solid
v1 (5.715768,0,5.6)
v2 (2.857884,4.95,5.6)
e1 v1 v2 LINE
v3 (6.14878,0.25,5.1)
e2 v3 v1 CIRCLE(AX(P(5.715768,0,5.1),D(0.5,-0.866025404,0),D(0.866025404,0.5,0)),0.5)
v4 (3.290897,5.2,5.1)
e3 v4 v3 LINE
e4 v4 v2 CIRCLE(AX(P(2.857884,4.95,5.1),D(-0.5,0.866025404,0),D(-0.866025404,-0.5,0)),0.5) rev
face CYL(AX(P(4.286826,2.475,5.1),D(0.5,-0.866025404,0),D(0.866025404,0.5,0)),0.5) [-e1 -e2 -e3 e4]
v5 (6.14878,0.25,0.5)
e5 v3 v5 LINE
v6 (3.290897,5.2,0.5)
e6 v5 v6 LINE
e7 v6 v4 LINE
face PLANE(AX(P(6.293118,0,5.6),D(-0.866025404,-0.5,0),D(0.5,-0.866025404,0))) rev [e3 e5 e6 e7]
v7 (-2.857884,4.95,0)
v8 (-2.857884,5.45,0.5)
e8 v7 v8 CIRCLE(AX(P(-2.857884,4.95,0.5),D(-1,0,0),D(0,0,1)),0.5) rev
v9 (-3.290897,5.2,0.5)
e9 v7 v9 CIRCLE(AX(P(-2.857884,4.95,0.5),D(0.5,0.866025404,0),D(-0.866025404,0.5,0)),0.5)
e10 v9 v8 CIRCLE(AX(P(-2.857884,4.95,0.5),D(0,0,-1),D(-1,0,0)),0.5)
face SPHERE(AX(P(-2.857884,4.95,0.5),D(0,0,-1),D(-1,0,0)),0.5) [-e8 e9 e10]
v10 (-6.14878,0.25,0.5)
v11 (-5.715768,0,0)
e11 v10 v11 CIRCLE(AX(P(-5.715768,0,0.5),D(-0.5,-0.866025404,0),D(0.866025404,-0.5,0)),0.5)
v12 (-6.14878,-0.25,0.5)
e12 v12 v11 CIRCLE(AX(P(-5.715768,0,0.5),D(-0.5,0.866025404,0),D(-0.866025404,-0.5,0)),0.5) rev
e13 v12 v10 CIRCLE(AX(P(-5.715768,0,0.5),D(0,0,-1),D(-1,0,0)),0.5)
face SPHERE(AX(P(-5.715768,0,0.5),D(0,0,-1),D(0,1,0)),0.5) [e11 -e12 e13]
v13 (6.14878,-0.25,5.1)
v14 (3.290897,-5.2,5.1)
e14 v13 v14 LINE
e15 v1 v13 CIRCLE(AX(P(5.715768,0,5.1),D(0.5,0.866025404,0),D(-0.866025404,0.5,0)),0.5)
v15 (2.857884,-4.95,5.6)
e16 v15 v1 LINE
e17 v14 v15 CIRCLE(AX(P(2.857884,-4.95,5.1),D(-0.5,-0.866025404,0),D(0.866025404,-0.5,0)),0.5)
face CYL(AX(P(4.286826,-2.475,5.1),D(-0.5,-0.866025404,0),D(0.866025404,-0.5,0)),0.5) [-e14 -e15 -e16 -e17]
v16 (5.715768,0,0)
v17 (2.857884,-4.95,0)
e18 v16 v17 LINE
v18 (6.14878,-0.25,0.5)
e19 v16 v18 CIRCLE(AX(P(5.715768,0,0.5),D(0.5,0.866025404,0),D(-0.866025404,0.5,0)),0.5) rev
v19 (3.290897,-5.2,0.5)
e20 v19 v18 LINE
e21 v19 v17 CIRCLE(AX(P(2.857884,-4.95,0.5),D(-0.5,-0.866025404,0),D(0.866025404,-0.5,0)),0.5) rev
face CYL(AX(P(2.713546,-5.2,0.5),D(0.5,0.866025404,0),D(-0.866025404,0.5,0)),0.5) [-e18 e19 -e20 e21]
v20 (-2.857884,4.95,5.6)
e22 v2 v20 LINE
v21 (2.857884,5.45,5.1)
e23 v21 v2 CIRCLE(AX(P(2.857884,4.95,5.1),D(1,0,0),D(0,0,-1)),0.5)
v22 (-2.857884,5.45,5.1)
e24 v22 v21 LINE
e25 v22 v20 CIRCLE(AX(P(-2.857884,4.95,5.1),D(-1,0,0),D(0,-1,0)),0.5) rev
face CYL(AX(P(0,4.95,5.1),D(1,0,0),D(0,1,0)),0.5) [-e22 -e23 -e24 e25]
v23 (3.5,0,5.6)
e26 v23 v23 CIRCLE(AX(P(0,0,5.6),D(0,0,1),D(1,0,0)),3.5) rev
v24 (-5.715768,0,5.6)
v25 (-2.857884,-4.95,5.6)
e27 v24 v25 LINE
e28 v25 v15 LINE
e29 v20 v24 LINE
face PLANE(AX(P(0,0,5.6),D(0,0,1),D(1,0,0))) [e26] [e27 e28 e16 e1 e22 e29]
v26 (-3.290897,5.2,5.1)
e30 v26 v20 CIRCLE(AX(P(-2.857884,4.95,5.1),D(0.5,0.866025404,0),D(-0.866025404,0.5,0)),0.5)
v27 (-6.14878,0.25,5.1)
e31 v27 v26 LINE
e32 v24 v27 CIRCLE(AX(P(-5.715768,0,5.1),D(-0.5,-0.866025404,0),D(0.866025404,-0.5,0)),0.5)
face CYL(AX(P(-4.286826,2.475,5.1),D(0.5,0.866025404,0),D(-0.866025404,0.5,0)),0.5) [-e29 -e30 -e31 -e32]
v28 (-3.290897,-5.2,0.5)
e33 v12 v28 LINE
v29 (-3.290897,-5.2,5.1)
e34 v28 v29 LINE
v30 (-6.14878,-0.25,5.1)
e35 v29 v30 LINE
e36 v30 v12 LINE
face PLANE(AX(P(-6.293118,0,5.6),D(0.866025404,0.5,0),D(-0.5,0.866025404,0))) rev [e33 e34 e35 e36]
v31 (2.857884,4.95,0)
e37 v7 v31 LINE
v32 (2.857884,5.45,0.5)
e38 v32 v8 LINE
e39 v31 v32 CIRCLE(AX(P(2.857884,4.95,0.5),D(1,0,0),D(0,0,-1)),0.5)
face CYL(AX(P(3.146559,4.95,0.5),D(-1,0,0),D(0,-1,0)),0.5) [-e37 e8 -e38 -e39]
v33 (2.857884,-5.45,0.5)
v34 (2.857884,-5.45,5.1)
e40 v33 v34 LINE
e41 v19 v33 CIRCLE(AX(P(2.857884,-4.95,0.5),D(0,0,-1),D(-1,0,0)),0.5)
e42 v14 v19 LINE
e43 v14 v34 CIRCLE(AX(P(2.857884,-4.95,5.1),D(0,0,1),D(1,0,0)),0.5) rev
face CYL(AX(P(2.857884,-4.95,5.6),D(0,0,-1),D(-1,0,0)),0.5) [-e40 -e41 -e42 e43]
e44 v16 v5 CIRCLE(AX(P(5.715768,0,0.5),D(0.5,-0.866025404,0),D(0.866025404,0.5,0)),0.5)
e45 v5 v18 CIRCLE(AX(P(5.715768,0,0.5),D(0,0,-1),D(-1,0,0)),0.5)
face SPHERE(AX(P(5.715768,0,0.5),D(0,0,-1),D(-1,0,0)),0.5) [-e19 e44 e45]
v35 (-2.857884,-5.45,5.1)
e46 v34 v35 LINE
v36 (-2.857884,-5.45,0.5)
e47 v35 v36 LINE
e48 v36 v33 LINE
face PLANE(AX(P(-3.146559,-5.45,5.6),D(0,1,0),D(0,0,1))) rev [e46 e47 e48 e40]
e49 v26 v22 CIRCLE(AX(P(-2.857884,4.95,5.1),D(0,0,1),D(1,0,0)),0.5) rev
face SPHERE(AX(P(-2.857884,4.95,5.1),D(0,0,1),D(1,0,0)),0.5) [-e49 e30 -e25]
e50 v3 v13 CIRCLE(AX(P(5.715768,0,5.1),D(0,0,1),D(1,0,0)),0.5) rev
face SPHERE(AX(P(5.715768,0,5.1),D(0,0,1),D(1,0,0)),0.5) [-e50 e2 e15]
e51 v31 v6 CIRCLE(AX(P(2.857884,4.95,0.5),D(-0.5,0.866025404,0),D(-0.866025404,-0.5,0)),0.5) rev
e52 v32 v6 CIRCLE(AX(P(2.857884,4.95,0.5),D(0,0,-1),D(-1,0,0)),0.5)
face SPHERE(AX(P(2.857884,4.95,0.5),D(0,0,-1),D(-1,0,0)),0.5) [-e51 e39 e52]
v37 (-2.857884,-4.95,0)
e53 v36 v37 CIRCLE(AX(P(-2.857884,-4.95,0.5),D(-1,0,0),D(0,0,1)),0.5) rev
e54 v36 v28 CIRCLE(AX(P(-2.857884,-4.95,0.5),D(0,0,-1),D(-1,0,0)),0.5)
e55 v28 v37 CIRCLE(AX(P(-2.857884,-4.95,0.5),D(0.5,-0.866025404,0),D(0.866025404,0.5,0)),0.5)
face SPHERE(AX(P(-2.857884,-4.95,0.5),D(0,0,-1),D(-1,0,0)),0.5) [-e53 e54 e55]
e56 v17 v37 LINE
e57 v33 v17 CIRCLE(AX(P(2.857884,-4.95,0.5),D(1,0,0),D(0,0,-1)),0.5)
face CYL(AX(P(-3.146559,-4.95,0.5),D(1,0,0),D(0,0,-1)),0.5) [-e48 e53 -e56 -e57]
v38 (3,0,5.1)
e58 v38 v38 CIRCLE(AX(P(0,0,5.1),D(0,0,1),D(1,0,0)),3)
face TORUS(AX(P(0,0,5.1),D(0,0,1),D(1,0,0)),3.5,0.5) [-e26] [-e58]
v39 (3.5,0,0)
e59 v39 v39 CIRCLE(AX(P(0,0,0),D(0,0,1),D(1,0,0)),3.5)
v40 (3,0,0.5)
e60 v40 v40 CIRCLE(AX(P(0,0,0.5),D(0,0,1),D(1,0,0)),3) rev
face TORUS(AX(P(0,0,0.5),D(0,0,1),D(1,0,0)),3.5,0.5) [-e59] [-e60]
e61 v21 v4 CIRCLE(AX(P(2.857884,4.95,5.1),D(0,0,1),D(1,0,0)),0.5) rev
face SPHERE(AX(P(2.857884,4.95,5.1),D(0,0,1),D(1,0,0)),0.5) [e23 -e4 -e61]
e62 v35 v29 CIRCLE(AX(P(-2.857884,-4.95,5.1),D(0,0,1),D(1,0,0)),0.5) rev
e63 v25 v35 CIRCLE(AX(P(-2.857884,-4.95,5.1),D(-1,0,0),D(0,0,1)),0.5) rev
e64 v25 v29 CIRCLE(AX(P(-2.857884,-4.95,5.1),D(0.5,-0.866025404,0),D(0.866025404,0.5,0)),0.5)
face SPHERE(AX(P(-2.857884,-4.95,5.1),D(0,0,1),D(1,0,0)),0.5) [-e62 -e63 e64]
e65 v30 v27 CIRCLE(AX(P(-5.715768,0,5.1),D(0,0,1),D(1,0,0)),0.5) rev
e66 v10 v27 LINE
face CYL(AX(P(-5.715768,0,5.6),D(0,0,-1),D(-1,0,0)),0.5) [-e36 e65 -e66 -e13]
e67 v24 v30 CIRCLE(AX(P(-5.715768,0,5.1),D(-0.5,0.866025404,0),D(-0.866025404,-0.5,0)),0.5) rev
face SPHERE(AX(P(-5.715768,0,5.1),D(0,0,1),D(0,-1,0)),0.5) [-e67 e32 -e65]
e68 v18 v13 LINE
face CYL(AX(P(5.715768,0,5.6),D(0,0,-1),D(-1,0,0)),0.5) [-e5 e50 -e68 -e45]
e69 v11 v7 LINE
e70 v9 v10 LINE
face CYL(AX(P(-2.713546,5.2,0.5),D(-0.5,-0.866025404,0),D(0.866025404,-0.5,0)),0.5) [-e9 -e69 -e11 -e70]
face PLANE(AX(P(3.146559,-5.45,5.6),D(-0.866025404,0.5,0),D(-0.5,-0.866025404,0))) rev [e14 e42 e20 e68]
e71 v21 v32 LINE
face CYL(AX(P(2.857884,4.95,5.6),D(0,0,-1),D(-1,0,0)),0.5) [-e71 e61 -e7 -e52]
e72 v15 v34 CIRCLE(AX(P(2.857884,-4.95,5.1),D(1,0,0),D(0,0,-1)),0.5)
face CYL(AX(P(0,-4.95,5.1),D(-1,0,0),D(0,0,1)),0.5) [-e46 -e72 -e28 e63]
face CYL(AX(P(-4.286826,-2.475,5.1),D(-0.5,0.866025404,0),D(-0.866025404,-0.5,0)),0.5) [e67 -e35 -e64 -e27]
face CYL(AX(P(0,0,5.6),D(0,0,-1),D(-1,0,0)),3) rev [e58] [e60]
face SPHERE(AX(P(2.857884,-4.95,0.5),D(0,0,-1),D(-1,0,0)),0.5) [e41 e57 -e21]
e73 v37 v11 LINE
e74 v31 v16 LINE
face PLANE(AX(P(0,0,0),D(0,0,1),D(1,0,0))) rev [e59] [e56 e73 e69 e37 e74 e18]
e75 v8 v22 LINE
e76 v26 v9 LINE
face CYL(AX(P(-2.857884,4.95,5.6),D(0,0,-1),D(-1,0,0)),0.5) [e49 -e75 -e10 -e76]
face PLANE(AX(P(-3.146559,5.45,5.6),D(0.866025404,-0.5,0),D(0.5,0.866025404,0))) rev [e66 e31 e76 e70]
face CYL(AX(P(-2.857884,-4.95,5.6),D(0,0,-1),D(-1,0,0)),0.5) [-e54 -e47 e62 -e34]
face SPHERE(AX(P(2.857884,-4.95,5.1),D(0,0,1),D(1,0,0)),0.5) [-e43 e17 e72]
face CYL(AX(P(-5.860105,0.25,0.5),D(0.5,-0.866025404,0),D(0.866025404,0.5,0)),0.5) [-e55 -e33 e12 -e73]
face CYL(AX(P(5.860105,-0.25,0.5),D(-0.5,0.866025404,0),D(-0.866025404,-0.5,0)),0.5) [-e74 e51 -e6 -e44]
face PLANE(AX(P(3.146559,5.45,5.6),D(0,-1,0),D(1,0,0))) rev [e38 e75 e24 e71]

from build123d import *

# Parameters (mm, degrees)
ESBO_O1_R                = 3
RESSALTO_EXTRUS_O2_DEPTH = 5.6
FILETE1_R                = 0.5


with BuildPart() as part:
    # Esboço1 → Ressalto-extrusão2 (new body)
    with BuildSketch(Plane.XY):
        Polygon((-6.293117934, 0), (-3.146558967, -5.45), (3.146558967, -5.45), (6.293117934, 0), (3.146558967, 5.45), (-3.146558967, 5.45), align=None)
        Circle(ESBO_O1_R, mode=Mode.SUBTRACT)
    extrude(amount=RESSALTO_EXTRUS_O2_DEPTH)

    # Filete1
    filete1_edges = [part.edges().sort_by_distance(p)[0] for p in [
        (-3.146558967, 5.45, 2.8),
        (3.146558967, 5.45, 2.8),
        (6.293117934, 0, 2.8),
        (3.146558967, -5.45, 2.8),
        (-3.146558967, -5.45, 2.8),
        (-6.293117934, 0, 2.8),
        (0, -5.45, 5.6),
        (4.719838451, -2.725, 5.6),
        (-3, 0, 0),
        (-3, 0, 5.6),
        (4.719838451, 2.725, 5.6),
        (0, 5.45, 5.6),
        (-4.719838451, 2.725, 5.6),
        (0, 5.45, 0),
        (4.719838451, 2.725, 0),
        (4.719838451, -2.725, 0),
        (0, -5.45, 0),
        (-4.719838451, -2.725, 0),
        (-4.719838451, 2.725, 0),
        (-4.719838451, -2.725, 5.6),
    ]]
    fillet(filete1_edges, radius=FILETE1_R)


solid = part.part
